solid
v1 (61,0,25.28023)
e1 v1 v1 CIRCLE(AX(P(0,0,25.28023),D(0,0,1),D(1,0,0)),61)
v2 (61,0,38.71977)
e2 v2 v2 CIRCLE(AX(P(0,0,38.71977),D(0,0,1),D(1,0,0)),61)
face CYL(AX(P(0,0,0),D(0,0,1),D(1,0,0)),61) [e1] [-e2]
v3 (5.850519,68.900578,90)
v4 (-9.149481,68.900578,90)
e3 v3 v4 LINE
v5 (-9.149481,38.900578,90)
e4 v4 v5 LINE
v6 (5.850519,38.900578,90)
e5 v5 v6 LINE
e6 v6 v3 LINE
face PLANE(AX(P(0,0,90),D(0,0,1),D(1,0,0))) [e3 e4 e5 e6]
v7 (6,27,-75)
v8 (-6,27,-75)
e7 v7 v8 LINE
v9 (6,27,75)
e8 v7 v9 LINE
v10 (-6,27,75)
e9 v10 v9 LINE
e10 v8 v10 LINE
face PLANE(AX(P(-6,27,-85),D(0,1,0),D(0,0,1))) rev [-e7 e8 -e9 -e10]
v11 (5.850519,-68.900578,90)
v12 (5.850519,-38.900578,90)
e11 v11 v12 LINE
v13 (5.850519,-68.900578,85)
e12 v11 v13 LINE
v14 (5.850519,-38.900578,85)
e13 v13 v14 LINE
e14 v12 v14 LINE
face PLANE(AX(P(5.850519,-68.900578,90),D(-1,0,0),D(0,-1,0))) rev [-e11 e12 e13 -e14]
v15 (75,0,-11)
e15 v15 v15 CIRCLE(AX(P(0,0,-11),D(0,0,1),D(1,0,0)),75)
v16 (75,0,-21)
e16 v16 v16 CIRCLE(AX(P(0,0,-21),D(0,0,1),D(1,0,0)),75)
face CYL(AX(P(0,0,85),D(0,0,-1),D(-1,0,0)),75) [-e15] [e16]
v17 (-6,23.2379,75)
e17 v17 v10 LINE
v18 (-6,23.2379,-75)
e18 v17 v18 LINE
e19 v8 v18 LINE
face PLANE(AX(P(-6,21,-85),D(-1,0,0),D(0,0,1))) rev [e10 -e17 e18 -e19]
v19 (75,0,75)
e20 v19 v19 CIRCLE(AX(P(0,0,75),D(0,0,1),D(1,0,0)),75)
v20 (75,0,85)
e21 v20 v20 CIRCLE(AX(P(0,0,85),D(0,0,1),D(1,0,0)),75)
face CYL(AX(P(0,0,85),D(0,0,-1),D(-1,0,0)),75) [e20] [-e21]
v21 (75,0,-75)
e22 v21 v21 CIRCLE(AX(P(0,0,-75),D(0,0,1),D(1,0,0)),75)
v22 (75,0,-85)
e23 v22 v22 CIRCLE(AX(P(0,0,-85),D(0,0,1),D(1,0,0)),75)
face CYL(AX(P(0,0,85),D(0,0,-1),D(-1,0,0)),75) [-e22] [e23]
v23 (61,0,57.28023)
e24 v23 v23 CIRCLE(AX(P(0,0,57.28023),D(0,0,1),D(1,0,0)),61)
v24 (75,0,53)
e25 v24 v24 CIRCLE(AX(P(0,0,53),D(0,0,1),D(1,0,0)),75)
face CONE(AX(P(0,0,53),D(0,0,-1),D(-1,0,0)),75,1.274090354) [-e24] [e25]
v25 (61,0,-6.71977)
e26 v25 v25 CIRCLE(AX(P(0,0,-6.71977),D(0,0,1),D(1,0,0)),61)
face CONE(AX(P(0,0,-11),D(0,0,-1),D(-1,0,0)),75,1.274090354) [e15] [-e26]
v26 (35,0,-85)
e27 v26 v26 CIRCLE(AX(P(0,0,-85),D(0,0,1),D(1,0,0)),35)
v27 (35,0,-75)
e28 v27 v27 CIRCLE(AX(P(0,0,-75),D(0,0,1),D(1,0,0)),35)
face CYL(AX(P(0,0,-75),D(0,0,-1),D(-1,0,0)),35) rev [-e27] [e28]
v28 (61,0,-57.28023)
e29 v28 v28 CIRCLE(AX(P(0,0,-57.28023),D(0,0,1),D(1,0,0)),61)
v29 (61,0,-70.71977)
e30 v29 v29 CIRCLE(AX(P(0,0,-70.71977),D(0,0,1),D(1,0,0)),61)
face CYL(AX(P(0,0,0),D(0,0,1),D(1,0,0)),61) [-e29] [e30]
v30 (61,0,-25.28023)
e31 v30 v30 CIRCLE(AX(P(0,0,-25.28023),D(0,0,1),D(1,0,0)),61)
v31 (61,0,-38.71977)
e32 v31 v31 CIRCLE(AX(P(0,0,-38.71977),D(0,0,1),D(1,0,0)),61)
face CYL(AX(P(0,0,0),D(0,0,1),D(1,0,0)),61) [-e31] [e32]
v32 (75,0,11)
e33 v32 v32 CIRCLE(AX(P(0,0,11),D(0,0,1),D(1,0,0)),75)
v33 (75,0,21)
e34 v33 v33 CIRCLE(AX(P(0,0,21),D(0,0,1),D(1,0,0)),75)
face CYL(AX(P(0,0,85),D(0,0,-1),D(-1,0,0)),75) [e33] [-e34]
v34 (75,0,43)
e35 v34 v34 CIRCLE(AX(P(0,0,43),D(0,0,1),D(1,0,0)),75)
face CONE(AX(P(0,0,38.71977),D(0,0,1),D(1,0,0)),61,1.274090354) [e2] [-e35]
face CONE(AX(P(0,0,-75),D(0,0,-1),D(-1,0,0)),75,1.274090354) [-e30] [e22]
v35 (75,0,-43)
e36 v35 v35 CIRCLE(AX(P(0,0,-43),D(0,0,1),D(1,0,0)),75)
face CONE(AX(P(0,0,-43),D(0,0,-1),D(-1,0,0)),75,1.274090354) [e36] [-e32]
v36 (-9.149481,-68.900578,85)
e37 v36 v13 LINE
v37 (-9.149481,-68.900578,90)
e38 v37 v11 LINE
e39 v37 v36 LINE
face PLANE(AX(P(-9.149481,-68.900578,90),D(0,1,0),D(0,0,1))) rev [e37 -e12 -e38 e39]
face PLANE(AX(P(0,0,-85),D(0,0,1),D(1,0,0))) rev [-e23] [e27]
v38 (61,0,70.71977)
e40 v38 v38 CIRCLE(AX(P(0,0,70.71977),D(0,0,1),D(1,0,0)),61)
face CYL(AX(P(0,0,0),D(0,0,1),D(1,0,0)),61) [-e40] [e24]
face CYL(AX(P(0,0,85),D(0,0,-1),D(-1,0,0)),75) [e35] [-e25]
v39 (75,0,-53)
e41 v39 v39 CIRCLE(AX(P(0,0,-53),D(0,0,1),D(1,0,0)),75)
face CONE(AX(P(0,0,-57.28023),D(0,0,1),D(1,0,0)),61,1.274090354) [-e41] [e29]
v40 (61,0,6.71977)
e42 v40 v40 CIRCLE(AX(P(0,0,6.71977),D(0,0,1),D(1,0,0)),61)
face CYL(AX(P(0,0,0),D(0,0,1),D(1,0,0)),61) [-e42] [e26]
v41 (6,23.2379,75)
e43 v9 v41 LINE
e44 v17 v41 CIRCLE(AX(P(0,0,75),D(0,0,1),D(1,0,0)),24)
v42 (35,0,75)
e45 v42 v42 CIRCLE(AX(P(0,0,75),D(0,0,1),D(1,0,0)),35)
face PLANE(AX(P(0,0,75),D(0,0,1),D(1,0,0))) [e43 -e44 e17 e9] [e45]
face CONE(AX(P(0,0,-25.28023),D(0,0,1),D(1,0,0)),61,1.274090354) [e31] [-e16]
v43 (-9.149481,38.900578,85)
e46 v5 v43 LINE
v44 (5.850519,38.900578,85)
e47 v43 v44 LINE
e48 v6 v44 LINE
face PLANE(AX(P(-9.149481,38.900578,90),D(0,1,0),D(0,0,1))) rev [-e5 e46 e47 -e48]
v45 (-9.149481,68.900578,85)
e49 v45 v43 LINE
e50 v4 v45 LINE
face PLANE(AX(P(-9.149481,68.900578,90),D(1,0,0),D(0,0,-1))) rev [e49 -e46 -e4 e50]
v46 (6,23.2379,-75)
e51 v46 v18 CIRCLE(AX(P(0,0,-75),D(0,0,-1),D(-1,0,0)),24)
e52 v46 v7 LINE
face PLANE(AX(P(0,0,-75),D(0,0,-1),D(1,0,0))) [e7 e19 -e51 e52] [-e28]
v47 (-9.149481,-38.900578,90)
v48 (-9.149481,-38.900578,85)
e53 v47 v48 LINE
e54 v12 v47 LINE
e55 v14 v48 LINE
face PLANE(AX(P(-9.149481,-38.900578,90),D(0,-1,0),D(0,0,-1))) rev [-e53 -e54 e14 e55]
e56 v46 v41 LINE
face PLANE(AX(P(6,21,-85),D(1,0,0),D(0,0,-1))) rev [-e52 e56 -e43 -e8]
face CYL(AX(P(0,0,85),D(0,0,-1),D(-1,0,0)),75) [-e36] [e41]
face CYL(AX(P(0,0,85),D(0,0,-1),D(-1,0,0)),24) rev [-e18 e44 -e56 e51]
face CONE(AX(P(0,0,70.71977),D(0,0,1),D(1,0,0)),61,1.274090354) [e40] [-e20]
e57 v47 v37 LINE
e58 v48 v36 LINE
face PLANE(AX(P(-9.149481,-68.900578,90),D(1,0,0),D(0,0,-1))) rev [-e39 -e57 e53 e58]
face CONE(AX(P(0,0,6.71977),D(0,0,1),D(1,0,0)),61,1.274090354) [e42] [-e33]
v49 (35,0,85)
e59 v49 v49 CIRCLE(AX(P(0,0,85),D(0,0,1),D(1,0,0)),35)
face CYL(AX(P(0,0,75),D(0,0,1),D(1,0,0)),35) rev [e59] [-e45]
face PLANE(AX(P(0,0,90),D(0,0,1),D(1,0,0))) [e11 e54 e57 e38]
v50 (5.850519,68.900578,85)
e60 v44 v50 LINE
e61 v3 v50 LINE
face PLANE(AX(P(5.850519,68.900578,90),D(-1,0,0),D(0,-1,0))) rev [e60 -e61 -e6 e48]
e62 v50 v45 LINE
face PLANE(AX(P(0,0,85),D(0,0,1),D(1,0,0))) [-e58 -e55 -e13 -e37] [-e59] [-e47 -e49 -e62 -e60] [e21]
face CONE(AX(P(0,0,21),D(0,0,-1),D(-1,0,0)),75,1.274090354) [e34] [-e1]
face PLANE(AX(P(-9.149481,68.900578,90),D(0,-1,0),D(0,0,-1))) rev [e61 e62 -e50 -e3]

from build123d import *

# Parameters (mm, degrees)
SKETCH1_R           = 75
SKETCH1_R_2         = 24
BOSS_EXTRUDE1_DEPTH = 85
SKETCH3_W           = 12
SKETCH3_H           = 6
CUT_EXTRUDE1_DEPTH  = 201.374649095
SKETCH4_R           = 35
SKETCH4_R_2         = 20
CUT_EXTRUDE2_DEPTH  = 10
SKETCH5_W           = 15
SKETCH5_H           = 30
BOSS_EXTRUDE2_DEPTH = 5


with BuildPart() as part:
    # Sketch1 → Boss-Extrude1 (new, symmetric)
    with BuildSketch(Plane.XY):
        Circle(SKETCH1_R)
        Circle(SKETCH1_R_2, mode=Mode.SUBTRACT)
    extrude(amount=BOSS_EXTRUDE1_DEPTH, both=True)

    # Sketch2 → Cut-Revolve1 (revolve, cut)
    with BuildSketch(Plane(origin=(0, 0, 0), x_dir=(1, 0, 0), z_dir=(0, 1, 0))):
        Polygon((75, 75), (61, 70.71977046), (61, 57.28022954), (75, 53), align=None)
        Polygon((75, 43), (75, 21), (61, 25.28022954), (61, 38.71977046), align=None)
        Polygon((75, -21), (75, -43), (61, -38.71977046), (61, -25.28022954), align=None)
        Polygon((75, 11), (61, 6.71977046), (61, -6.71977046), (75, -11), align=None)
        Polygon((75, -75), (75, -53), (61, -57.28022954), (61, -70.71977046), align=None)
    revolve(axis=Axis((0, 0, 0), (0, 0, -1)), mode=Mode.SUBTRACT)

    # Sketch3 → Cut-Extrude1 (cut, through all)
    with BuildSketch(Plane.XY.offset(85)):
        with Locations((0, 24)):
            Rectangle(SKETCH3_W, SKETCH3_H)
    extrude(amount=-CUT_EXTRUDE1_DEPTH, mode=Mode.SUBTRACT)

    # Sketch4 → Cut-Extrude2 (cut)
    with BuildSketch(Plane.XY.offset(85)):
        Circle(SKETCH4_R)
        Circle(SKETCH4_R_2, mode=Mode.SUBTRACT)
    cut_extrude2 = extrude(amount=-CUT_EXTRUDE2_DEPTH, mode=Mode.SUBTRACT)

    # Mirror1: Cut-Extrude2 across plane
    add(cut_extrude2.mirror(Plane.XY), mode=Mode.SUBTRACT)

    # Sketch5 → Boss-Extrude2 (add)
    with BuildSketch(Plane.XY.offset(85)):
        with Locations((-1.649481041, 53.900577931)):
            Rectangle(SKETCH5_W, SKETCH5_H)
        with Locations((-1.649481041, -53.900577931)):
            Rectangle(SKETCH5_W, SKETCH5_H)
    extrude(amount=BOSS_EXTRUDE2_DEPTH)


solid = part.part
